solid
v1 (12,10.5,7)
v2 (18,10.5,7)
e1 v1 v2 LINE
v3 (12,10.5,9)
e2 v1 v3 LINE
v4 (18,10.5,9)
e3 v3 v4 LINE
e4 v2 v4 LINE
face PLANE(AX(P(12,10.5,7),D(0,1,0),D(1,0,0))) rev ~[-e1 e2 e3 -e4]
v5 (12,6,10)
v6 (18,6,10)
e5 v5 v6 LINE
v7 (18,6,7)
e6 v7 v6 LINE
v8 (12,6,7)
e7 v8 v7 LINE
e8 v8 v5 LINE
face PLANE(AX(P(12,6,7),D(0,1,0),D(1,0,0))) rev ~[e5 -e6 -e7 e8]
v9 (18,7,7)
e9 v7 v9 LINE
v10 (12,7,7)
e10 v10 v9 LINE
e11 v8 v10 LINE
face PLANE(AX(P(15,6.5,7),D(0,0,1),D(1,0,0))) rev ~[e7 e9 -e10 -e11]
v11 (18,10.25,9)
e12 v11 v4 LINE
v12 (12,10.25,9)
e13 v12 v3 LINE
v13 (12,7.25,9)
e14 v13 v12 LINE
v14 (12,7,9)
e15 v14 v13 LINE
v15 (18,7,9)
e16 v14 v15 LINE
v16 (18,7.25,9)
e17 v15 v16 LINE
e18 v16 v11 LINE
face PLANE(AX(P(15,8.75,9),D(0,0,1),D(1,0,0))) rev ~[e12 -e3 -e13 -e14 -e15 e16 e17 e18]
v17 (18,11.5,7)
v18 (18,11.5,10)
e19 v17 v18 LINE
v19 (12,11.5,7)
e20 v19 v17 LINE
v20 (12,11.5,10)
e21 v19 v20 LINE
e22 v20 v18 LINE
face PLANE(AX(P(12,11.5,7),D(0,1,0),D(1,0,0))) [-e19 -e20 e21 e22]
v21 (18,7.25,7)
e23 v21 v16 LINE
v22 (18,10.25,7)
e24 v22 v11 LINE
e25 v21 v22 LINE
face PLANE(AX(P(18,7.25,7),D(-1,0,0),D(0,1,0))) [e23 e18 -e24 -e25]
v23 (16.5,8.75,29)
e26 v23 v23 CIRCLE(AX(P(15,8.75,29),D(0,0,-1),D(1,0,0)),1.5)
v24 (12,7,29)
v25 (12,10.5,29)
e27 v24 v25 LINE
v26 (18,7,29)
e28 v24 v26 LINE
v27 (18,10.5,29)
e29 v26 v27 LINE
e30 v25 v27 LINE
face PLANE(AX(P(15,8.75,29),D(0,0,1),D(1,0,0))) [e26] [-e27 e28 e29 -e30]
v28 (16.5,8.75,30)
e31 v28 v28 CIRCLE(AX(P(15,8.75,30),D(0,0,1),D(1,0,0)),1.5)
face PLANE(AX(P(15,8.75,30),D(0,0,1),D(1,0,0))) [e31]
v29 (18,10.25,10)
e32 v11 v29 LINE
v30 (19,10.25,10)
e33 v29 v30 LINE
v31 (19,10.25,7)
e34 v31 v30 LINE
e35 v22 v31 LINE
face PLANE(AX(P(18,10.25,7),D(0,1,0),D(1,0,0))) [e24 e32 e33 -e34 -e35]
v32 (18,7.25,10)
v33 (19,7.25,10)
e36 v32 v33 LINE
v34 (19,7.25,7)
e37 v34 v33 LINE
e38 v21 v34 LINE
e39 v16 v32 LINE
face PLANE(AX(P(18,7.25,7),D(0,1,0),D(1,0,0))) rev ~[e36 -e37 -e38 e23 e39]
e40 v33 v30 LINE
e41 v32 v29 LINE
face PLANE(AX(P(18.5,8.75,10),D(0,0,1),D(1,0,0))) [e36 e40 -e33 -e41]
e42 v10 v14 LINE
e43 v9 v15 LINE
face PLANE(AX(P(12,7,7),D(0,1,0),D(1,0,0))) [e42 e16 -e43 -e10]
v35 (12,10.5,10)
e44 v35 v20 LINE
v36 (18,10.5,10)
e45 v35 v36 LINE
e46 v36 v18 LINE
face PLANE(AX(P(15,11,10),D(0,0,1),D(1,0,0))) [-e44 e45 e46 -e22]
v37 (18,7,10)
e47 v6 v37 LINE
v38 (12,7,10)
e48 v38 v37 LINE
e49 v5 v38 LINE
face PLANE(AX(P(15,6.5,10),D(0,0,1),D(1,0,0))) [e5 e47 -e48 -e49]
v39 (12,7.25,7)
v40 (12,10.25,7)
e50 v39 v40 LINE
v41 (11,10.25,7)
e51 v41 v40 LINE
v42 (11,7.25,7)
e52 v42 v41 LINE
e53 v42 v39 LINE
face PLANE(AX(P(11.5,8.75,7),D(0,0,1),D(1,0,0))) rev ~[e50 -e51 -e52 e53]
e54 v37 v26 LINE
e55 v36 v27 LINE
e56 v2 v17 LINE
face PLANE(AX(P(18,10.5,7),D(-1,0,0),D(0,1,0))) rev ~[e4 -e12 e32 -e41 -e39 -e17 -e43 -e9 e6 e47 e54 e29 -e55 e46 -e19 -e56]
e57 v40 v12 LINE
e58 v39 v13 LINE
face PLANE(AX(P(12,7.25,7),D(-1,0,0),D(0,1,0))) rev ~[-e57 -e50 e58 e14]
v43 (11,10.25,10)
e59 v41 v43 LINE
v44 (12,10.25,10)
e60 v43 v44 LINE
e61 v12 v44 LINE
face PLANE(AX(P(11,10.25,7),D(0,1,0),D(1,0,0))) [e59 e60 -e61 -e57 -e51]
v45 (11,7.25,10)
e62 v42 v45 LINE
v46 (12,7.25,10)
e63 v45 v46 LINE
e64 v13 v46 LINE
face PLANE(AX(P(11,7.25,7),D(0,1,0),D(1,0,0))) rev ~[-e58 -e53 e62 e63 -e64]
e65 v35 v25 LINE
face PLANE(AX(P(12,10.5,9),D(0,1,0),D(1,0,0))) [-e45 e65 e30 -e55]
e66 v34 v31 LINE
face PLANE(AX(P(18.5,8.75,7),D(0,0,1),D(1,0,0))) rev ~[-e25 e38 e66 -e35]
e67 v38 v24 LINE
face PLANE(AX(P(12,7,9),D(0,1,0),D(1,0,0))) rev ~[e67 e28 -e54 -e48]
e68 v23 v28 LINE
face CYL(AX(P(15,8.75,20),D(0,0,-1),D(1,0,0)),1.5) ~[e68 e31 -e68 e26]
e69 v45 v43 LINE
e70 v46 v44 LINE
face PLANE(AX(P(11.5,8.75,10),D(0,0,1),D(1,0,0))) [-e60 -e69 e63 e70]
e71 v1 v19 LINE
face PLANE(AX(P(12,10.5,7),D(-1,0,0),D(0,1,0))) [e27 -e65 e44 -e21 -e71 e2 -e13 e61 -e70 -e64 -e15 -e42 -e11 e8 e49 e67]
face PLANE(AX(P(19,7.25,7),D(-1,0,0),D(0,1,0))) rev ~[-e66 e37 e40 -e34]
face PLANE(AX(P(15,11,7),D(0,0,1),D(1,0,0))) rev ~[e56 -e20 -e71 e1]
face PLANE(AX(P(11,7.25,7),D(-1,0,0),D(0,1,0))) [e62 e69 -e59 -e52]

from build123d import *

# Parameters (mm, degrees)
CYLINDER_R     = 1.5
CYLINDER_DEPTH = 10
BOX004_W       = 1
BOX004_H       = 3
BOX004_DEPTH   = 3
BOX005_W       = 1
BOX005_H       = 3
BOX005_DEPTH   = 3
BOX006_W       = 6
BOX006_H       = 1
BOX006_DEPTH   = 3
BOX007_W       = 6
BOX007_H       = 1
BOX007_DEPTH   = 3
BOX003_W       = 6
BOX003_H       = 3.5
BOX003_DEPTH   = 20


with BuildPart() as cylinder:
    # Cylinder → Cylinder (new body)
    with BuildSketch(Plane(origin=(15, 8.75, 20), x_dir=(1, 0, 0), z_dir=(0, 0, 1))):
        Circle(CYLINDER_R)
    extrude(amount=CYLINDER_DEPTH)


with BuildPart() as box004:
    # Box004 → Box004 (new body)
    with BuildSketch(Plane(origin=(11, 7.25, 7), x_dir=(1, 0, 0), z_dir=(0, 0, 1))):
        with Locations((0.5, 1.5)):
            Rectangle(BOX004_W, BOX004_H)
    extrude(amount=BOX004_DEPTH)


with BuildPart() as box005:
    # Box005 → Box005 (new body)
    with BuildSketch(Plane(origin=(18, 7.25, 7), x_dir=(1, 0, 0), z_dir=(0, 0, 1))):
        with Locations((0.5, 1.5)):
            Rectangle(BOX005_W, BOX005_H)
    extrude(amount=BOX005_DEPTH)


with BuildPart() as box006:
    # Box006 → Box006 (new body)
    with BuildSketch(Plane(origin=(12, 6, 7), x_dir=(1, 0, 0), z_dir=(0, 0, 1))):
        with Locations((3, 0.5)):
            Rectangle(BOX006_W, BOX006_H)
    extrude(amount=BOX006_DEPTH)


with BuildPart() as box007:
    # Box007 → Box007 (new body)
    with BuildSketch(Plane(origin=(12, 10.5, 7), x_dir=(1, 0, 0), z_dir=(0, 0, 1))):
        with Locations((3, 0.5)):
            Rectangle(BOX007_W, BOX007_H)
    extrude(amount=BOX007_DEPTH)


with BuildPart() as bt_ex1:
    # Box003 → Box003 (new body)
    with BuildSketch(Plane(origin=(12, 7, 9), x_dir=(1, 0, 0), z_dir=(0, 0, 1))):
        with Locations((3, 1.75)):
            Rectangle(BOX003_W, BOX003_H)
    extrude(amount=BOX003_DEPTH)

    # Fusion: union Box004, Box005, Box006, Box007
    add(box004.part)
    add(box005.part)
    add(box006.part)
    add(box007.part)

    # Fusion005: union Cylinder
    add(cylinder.part)


solid = bt_ex1.part
